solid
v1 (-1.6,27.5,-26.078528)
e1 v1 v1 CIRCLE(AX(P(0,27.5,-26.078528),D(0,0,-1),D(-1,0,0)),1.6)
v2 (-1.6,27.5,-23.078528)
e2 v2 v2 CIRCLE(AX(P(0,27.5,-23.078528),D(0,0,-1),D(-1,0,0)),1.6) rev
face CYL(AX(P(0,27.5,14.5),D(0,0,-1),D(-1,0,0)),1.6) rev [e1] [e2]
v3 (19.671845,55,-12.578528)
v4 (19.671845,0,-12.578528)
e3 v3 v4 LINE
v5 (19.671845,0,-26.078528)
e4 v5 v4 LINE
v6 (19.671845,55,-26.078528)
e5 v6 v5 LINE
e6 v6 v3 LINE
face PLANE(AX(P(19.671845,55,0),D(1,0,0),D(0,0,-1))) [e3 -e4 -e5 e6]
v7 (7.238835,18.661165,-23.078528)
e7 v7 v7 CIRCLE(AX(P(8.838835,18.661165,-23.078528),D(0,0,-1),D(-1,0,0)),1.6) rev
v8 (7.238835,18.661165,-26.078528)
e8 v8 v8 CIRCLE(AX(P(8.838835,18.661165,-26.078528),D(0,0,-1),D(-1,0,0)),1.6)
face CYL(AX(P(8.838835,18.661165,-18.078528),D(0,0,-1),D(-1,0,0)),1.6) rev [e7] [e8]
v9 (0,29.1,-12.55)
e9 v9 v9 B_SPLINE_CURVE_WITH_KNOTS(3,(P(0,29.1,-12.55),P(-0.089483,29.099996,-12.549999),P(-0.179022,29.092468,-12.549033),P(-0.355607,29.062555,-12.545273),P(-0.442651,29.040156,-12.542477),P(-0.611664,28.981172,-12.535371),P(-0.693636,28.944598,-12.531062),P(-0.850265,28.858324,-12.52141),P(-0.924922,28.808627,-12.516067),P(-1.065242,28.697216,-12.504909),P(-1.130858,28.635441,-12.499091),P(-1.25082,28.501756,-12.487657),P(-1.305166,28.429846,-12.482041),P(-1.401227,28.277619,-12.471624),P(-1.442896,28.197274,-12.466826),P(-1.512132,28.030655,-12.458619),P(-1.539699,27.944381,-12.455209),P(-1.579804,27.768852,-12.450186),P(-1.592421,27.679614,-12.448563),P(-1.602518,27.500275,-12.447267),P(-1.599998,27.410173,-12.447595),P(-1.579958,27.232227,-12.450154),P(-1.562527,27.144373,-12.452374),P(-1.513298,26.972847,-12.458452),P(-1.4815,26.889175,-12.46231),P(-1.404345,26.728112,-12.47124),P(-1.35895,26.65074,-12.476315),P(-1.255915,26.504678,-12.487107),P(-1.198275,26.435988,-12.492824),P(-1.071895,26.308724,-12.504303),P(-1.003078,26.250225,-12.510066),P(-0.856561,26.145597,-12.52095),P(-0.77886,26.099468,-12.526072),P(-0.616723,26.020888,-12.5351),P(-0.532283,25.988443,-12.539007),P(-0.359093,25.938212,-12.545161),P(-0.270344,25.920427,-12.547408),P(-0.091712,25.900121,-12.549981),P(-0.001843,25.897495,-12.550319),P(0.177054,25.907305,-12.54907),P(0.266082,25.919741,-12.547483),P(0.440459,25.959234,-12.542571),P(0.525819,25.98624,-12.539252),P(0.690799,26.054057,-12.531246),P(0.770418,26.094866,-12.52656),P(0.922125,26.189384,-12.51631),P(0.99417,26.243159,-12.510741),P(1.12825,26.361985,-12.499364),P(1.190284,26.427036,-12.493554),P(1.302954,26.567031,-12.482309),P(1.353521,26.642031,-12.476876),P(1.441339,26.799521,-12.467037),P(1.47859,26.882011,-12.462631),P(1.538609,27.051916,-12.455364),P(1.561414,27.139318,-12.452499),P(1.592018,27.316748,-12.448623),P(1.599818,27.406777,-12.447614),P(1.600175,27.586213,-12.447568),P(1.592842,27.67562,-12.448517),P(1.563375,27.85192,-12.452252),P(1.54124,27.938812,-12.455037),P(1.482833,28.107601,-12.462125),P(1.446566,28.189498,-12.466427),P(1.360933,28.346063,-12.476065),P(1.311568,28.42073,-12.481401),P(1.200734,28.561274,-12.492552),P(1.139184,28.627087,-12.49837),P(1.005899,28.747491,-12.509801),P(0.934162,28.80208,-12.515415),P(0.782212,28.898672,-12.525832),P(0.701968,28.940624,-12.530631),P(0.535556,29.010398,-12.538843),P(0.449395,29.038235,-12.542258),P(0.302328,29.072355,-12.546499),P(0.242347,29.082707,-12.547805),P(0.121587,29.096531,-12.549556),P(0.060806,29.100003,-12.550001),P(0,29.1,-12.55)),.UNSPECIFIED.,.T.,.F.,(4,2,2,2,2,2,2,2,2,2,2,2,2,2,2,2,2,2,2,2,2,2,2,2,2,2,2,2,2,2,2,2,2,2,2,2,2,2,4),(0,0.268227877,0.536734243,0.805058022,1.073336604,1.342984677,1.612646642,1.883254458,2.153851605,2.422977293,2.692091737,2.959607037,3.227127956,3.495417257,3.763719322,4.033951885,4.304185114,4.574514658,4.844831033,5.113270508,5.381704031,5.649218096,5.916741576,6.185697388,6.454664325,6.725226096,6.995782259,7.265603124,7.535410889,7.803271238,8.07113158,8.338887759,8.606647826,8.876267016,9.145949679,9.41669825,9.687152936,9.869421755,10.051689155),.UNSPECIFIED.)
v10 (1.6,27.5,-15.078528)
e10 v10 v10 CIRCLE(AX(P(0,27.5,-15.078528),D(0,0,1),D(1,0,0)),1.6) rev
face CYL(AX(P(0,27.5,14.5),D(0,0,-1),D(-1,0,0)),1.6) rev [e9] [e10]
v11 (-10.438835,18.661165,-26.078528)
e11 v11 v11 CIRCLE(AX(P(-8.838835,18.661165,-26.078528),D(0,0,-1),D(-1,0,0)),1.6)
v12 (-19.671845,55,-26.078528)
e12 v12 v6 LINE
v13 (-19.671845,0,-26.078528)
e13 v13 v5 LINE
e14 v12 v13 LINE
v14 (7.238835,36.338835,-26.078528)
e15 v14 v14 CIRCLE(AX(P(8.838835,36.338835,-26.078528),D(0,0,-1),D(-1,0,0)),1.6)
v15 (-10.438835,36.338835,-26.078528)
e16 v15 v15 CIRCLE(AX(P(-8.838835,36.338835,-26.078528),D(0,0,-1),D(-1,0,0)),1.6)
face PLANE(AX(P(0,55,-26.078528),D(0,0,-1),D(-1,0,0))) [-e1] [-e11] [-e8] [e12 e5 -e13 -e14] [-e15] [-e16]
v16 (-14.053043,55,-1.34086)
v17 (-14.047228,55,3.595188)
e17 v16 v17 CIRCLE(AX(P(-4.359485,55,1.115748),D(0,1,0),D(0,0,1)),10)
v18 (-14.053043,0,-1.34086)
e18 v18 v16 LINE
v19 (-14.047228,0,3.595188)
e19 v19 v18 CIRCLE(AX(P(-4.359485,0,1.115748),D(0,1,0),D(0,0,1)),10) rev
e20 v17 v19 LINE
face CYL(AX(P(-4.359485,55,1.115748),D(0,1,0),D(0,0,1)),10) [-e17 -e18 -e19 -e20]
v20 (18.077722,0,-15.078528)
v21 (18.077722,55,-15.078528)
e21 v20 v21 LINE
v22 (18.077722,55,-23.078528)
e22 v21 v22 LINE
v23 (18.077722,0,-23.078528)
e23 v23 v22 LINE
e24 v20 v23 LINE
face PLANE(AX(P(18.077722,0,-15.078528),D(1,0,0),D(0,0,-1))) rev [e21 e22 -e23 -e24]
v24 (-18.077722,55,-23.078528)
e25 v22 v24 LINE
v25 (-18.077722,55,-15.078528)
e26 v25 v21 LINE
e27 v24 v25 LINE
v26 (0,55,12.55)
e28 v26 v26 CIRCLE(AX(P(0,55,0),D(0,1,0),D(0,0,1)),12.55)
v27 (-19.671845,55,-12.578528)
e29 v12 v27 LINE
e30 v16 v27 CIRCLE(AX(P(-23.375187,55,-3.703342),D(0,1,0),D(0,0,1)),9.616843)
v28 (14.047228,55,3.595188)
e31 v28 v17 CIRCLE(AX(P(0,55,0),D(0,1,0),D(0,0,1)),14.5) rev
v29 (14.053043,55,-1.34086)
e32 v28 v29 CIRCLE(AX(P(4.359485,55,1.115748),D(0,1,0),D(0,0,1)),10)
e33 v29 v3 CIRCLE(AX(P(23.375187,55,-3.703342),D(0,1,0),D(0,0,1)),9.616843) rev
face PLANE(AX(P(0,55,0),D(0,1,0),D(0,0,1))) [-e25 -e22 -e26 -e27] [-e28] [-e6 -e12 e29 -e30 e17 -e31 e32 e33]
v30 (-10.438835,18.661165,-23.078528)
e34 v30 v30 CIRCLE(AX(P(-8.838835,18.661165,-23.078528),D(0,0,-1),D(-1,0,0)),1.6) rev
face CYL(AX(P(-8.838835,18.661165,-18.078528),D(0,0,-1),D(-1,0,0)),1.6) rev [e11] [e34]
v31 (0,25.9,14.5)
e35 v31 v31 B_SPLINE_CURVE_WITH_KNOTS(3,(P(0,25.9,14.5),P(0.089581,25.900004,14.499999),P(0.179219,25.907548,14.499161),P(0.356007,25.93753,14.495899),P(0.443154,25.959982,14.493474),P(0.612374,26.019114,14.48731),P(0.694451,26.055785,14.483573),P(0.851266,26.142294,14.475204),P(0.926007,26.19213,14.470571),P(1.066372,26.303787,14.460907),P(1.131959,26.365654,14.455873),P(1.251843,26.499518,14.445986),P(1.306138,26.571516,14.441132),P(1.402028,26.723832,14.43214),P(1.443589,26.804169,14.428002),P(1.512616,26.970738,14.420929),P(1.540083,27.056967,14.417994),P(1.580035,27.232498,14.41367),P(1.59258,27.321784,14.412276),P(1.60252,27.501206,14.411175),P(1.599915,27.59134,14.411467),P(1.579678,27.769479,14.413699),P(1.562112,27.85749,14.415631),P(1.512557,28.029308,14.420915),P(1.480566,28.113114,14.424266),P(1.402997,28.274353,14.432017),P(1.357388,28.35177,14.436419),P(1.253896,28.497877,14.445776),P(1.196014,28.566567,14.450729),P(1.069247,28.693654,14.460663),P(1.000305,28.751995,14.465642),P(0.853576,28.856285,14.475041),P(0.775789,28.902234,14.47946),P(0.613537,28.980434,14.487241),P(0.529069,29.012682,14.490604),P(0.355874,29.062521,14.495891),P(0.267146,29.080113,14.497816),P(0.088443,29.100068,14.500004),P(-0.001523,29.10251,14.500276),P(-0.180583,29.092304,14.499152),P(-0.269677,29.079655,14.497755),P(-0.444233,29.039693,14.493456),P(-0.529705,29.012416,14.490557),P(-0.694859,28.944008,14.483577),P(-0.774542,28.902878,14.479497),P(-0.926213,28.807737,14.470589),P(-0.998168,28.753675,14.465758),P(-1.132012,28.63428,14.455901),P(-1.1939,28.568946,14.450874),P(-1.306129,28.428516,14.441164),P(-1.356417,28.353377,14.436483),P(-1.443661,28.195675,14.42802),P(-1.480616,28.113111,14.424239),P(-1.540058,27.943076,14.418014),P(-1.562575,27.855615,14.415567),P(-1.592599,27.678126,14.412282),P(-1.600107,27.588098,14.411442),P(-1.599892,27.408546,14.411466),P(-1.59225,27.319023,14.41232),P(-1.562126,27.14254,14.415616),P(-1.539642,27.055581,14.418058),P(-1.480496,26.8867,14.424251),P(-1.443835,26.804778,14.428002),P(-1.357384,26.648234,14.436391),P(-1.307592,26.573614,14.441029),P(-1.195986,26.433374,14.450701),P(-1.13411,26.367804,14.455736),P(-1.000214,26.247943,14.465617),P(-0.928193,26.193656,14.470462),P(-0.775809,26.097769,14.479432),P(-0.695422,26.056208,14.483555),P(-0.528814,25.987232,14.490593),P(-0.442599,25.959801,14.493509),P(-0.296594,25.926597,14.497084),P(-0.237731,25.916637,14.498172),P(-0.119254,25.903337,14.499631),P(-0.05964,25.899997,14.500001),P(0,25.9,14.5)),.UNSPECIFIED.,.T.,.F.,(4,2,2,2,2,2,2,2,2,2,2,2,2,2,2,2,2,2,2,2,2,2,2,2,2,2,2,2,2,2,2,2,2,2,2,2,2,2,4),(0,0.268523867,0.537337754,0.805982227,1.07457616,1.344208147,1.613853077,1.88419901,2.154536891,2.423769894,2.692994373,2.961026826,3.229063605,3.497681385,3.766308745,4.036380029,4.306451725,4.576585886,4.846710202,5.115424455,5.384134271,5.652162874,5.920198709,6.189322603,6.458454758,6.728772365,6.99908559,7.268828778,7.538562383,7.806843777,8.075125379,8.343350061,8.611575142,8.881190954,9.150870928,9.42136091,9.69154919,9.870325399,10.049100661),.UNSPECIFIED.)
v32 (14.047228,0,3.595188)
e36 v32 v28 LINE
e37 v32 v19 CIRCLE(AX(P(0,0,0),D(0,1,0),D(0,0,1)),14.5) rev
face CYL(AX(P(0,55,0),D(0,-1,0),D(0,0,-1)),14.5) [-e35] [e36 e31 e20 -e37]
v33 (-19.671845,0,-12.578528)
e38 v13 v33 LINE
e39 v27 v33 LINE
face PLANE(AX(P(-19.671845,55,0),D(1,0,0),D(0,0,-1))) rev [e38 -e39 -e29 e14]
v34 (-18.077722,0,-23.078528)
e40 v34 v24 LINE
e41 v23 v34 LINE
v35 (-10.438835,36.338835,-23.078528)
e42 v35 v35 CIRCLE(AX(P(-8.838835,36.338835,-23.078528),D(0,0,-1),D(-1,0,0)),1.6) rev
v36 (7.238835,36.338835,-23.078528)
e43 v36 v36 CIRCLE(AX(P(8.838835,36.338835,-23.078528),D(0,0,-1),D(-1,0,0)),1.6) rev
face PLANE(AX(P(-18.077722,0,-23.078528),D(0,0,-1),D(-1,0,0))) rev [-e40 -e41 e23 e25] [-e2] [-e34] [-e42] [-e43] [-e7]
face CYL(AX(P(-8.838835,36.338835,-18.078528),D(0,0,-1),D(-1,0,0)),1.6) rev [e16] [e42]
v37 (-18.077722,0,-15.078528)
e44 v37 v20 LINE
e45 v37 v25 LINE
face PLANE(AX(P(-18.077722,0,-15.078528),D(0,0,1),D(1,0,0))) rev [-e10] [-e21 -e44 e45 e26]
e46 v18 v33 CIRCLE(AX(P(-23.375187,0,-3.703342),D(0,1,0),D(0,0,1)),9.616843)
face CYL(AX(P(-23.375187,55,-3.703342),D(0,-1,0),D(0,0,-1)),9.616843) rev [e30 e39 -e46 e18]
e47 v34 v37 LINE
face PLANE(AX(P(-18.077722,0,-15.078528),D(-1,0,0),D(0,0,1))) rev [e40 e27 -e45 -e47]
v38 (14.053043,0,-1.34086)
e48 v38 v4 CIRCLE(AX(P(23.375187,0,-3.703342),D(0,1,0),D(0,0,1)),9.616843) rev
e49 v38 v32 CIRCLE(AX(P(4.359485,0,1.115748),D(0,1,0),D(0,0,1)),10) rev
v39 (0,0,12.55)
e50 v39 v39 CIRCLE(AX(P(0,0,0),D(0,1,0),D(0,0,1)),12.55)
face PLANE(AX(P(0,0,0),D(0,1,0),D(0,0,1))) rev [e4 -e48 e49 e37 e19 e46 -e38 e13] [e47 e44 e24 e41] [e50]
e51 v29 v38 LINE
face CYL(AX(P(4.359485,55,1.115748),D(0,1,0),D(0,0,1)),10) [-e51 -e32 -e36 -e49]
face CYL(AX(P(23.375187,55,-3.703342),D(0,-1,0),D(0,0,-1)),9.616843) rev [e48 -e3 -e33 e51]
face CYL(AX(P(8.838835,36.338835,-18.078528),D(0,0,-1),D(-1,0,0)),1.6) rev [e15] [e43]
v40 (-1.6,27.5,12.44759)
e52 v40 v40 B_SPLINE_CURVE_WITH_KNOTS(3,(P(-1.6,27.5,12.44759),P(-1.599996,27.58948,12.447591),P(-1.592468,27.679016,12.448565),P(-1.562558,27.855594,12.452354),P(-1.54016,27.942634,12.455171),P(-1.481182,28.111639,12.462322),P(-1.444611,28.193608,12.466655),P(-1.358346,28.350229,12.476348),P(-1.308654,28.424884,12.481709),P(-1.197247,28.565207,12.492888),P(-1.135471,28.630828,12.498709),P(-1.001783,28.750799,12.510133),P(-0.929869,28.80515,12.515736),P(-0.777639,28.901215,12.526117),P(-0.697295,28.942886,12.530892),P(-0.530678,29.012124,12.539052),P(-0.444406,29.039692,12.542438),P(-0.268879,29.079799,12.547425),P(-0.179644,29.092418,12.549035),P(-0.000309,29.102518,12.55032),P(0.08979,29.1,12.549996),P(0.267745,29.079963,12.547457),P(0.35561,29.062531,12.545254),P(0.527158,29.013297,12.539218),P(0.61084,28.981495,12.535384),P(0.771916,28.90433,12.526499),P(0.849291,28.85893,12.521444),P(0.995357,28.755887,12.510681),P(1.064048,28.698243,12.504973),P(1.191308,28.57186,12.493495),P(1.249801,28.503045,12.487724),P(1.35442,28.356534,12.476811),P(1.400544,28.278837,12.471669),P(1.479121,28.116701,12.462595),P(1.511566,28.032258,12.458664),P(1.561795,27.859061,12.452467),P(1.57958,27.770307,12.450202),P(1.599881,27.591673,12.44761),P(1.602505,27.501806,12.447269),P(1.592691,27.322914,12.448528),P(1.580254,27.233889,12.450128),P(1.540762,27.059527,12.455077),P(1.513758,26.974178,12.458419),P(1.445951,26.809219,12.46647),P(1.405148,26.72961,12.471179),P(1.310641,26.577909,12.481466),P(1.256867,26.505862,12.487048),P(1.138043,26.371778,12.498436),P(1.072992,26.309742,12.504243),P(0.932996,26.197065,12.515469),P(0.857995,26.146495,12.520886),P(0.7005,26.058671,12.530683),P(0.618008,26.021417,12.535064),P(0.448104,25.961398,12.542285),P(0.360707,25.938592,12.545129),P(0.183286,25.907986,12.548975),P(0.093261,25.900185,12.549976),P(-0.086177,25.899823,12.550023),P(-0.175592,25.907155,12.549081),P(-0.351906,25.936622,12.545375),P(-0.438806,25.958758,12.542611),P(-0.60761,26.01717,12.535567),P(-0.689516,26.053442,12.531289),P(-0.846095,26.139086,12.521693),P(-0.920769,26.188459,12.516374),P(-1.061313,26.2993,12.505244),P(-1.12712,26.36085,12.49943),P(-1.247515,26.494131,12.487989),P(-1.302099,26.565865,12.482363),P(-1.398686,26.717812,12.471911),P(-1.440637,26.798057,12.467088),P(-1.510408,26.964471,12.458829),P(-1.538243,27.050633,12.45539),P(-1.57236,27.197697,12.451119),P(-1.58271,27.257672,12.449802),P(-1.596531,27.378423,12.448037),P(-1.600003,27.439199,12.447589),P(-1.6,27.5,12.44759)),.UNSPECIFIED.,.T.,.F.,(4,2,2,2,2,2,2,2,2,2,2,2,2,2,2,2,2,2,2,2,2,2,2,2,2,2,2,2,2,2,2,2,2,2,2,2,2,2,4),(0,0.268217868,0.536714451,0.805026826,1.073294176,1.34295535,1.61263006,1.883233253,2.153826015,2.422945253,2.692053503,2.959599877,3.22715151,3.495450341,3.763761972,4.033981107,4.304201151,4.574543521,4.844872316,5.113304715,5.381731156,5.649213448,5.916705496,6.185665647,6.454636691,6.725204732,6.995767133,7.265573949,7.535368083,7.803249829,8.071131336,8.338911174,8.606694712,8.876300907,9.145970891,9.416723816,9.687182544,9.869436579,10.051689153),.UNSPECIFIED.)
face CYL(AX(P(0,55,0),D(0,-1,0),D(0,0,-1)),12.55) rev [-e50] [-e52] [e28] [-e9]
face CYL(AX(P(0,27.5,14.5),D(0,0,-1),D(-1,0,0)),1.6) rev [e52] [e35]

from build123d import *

# Parameters (mm, degrees)
BOSS_EXTRUDE2_DEPTH = 55
SKETCH7_R           = 12.55
CUT_EXTRUDE2_DEPTH  = 64.969298353
SKETCH8_R           = 1.6
CUT_EXTRUDE3_DEPTH  = 72.1238248
SKETCH10_R          = 1.6
CUT_EXTRUDE5_DEPTH  = 8
SKETCH11_W          = 36.155443868
SKETCH11_H          = 8
CUT_EXTRUDE6_DEPTH  = 64.96929848
FILLET1_R           = 10


with BuildPart() as part:
    # Sketch4 → Boss-Extrude2 (new body)
    with BuildSketch(Plane(origin=(0, 0, 0), x_dir=(1, 0, 0), z_dir=(0, 1, 0))):
        with BuildLine():
            Line((-19.671845121, 26.078528358), (19.671845121, 26.078528358))
            Line((19.671845121, 26.078528358), (19.671845121, 12.578528358))
            ThreePointArc((19.671845121, 12.578528358), (14.48082404, 7.360388375), (14.5, 0))
            ThreePointArc((14.5, 0), (0, -14.5), (-14.5, 0))
            ThreePointArc((-14.5, 0), (-14.48082404, 7.360388375), (-19.671845121, 12.578528358))
            Line((-19.671845121, 12.578528358), (-19.671845121, 26.078528358))
        make_face()
    extrude(amount=BOSS_EXTRUDE2_DEPTH)

    # Sketch7 → Cut-Extrude2 (cut, through all)
    with BuildSketch(Plane(origin=(0, 0, 0), x_dir=(1, 0, 0), z_dir=(0, 1, 0))):
        with Locations(Location((0, 0, 0), (0, 0, 270))):
            Circle(SKETCH7_R)
    extrude(amount=CUT_EXTRUDE2_DEPTH, mode=Mode.SUBTRACT)

    # Sketch8 → Cut-Extrude3 (cut, through all)
    with BuildSketch(Plane(origin=(0, 0, -26.078528358), x_dir=(-1, 0, 0), z_dir=(0, 0, -1))):
        with Locations((0, 27.5)):
            Circle(SKETCH8_R)
    extrude(amount=-CUT_EXTRUDE3_DEPTH, mode=Mode.SUBTRACT)

    # Sketch10 → Cut-Extrude5 (cut)
    with BuildSketch(Plane(origin=(0, 0, -26.078528358), x_dir=(-1, 0, 0), z_dir=(0, 0, -1))):
        with Locations((8.838834765, 18.661165235)):
            Circle(SKETCH10_R)
        with Locations((8.838834765, 36.338834765)):
            Circle(SKETCH10_R)
        with Locations((-8.838834765, 36.338834765)):
            Circle(SKETCH10_R)
        with Locations((-8.838834765, 18.661165235)):
            Circle(SKETCH10_R)
    extrude(amount=-CUT_EXTRUDE5_DEPTH, mode=Mode.SUBTRACT)

    # Sketch11 → Cut-Extrude6 (cut, through all)
    with BuildSketch(Plane(origin=(0, 55, 0), x_dir=(1, 0, 0), z_dir=(0, 1, 0))):
        with Locations((0, 19.078528358)):
            Rectangle(SKETCH11_W, SKETCH11_H)
    extrude(amount=-CUT_EXTRUDE6_DEPTH, mode=Mode.SUBTRACT)

    # Fillet1
    fillet1_edges = [part.edges().sort_by_distance(p)[0] for p in [
        (14.5, 27.5, 0),
        (-14.5, 27.5, 0),
    ]]
    fillet(fillet1_edges, radius=FILLET1_R)


solid = part.part
